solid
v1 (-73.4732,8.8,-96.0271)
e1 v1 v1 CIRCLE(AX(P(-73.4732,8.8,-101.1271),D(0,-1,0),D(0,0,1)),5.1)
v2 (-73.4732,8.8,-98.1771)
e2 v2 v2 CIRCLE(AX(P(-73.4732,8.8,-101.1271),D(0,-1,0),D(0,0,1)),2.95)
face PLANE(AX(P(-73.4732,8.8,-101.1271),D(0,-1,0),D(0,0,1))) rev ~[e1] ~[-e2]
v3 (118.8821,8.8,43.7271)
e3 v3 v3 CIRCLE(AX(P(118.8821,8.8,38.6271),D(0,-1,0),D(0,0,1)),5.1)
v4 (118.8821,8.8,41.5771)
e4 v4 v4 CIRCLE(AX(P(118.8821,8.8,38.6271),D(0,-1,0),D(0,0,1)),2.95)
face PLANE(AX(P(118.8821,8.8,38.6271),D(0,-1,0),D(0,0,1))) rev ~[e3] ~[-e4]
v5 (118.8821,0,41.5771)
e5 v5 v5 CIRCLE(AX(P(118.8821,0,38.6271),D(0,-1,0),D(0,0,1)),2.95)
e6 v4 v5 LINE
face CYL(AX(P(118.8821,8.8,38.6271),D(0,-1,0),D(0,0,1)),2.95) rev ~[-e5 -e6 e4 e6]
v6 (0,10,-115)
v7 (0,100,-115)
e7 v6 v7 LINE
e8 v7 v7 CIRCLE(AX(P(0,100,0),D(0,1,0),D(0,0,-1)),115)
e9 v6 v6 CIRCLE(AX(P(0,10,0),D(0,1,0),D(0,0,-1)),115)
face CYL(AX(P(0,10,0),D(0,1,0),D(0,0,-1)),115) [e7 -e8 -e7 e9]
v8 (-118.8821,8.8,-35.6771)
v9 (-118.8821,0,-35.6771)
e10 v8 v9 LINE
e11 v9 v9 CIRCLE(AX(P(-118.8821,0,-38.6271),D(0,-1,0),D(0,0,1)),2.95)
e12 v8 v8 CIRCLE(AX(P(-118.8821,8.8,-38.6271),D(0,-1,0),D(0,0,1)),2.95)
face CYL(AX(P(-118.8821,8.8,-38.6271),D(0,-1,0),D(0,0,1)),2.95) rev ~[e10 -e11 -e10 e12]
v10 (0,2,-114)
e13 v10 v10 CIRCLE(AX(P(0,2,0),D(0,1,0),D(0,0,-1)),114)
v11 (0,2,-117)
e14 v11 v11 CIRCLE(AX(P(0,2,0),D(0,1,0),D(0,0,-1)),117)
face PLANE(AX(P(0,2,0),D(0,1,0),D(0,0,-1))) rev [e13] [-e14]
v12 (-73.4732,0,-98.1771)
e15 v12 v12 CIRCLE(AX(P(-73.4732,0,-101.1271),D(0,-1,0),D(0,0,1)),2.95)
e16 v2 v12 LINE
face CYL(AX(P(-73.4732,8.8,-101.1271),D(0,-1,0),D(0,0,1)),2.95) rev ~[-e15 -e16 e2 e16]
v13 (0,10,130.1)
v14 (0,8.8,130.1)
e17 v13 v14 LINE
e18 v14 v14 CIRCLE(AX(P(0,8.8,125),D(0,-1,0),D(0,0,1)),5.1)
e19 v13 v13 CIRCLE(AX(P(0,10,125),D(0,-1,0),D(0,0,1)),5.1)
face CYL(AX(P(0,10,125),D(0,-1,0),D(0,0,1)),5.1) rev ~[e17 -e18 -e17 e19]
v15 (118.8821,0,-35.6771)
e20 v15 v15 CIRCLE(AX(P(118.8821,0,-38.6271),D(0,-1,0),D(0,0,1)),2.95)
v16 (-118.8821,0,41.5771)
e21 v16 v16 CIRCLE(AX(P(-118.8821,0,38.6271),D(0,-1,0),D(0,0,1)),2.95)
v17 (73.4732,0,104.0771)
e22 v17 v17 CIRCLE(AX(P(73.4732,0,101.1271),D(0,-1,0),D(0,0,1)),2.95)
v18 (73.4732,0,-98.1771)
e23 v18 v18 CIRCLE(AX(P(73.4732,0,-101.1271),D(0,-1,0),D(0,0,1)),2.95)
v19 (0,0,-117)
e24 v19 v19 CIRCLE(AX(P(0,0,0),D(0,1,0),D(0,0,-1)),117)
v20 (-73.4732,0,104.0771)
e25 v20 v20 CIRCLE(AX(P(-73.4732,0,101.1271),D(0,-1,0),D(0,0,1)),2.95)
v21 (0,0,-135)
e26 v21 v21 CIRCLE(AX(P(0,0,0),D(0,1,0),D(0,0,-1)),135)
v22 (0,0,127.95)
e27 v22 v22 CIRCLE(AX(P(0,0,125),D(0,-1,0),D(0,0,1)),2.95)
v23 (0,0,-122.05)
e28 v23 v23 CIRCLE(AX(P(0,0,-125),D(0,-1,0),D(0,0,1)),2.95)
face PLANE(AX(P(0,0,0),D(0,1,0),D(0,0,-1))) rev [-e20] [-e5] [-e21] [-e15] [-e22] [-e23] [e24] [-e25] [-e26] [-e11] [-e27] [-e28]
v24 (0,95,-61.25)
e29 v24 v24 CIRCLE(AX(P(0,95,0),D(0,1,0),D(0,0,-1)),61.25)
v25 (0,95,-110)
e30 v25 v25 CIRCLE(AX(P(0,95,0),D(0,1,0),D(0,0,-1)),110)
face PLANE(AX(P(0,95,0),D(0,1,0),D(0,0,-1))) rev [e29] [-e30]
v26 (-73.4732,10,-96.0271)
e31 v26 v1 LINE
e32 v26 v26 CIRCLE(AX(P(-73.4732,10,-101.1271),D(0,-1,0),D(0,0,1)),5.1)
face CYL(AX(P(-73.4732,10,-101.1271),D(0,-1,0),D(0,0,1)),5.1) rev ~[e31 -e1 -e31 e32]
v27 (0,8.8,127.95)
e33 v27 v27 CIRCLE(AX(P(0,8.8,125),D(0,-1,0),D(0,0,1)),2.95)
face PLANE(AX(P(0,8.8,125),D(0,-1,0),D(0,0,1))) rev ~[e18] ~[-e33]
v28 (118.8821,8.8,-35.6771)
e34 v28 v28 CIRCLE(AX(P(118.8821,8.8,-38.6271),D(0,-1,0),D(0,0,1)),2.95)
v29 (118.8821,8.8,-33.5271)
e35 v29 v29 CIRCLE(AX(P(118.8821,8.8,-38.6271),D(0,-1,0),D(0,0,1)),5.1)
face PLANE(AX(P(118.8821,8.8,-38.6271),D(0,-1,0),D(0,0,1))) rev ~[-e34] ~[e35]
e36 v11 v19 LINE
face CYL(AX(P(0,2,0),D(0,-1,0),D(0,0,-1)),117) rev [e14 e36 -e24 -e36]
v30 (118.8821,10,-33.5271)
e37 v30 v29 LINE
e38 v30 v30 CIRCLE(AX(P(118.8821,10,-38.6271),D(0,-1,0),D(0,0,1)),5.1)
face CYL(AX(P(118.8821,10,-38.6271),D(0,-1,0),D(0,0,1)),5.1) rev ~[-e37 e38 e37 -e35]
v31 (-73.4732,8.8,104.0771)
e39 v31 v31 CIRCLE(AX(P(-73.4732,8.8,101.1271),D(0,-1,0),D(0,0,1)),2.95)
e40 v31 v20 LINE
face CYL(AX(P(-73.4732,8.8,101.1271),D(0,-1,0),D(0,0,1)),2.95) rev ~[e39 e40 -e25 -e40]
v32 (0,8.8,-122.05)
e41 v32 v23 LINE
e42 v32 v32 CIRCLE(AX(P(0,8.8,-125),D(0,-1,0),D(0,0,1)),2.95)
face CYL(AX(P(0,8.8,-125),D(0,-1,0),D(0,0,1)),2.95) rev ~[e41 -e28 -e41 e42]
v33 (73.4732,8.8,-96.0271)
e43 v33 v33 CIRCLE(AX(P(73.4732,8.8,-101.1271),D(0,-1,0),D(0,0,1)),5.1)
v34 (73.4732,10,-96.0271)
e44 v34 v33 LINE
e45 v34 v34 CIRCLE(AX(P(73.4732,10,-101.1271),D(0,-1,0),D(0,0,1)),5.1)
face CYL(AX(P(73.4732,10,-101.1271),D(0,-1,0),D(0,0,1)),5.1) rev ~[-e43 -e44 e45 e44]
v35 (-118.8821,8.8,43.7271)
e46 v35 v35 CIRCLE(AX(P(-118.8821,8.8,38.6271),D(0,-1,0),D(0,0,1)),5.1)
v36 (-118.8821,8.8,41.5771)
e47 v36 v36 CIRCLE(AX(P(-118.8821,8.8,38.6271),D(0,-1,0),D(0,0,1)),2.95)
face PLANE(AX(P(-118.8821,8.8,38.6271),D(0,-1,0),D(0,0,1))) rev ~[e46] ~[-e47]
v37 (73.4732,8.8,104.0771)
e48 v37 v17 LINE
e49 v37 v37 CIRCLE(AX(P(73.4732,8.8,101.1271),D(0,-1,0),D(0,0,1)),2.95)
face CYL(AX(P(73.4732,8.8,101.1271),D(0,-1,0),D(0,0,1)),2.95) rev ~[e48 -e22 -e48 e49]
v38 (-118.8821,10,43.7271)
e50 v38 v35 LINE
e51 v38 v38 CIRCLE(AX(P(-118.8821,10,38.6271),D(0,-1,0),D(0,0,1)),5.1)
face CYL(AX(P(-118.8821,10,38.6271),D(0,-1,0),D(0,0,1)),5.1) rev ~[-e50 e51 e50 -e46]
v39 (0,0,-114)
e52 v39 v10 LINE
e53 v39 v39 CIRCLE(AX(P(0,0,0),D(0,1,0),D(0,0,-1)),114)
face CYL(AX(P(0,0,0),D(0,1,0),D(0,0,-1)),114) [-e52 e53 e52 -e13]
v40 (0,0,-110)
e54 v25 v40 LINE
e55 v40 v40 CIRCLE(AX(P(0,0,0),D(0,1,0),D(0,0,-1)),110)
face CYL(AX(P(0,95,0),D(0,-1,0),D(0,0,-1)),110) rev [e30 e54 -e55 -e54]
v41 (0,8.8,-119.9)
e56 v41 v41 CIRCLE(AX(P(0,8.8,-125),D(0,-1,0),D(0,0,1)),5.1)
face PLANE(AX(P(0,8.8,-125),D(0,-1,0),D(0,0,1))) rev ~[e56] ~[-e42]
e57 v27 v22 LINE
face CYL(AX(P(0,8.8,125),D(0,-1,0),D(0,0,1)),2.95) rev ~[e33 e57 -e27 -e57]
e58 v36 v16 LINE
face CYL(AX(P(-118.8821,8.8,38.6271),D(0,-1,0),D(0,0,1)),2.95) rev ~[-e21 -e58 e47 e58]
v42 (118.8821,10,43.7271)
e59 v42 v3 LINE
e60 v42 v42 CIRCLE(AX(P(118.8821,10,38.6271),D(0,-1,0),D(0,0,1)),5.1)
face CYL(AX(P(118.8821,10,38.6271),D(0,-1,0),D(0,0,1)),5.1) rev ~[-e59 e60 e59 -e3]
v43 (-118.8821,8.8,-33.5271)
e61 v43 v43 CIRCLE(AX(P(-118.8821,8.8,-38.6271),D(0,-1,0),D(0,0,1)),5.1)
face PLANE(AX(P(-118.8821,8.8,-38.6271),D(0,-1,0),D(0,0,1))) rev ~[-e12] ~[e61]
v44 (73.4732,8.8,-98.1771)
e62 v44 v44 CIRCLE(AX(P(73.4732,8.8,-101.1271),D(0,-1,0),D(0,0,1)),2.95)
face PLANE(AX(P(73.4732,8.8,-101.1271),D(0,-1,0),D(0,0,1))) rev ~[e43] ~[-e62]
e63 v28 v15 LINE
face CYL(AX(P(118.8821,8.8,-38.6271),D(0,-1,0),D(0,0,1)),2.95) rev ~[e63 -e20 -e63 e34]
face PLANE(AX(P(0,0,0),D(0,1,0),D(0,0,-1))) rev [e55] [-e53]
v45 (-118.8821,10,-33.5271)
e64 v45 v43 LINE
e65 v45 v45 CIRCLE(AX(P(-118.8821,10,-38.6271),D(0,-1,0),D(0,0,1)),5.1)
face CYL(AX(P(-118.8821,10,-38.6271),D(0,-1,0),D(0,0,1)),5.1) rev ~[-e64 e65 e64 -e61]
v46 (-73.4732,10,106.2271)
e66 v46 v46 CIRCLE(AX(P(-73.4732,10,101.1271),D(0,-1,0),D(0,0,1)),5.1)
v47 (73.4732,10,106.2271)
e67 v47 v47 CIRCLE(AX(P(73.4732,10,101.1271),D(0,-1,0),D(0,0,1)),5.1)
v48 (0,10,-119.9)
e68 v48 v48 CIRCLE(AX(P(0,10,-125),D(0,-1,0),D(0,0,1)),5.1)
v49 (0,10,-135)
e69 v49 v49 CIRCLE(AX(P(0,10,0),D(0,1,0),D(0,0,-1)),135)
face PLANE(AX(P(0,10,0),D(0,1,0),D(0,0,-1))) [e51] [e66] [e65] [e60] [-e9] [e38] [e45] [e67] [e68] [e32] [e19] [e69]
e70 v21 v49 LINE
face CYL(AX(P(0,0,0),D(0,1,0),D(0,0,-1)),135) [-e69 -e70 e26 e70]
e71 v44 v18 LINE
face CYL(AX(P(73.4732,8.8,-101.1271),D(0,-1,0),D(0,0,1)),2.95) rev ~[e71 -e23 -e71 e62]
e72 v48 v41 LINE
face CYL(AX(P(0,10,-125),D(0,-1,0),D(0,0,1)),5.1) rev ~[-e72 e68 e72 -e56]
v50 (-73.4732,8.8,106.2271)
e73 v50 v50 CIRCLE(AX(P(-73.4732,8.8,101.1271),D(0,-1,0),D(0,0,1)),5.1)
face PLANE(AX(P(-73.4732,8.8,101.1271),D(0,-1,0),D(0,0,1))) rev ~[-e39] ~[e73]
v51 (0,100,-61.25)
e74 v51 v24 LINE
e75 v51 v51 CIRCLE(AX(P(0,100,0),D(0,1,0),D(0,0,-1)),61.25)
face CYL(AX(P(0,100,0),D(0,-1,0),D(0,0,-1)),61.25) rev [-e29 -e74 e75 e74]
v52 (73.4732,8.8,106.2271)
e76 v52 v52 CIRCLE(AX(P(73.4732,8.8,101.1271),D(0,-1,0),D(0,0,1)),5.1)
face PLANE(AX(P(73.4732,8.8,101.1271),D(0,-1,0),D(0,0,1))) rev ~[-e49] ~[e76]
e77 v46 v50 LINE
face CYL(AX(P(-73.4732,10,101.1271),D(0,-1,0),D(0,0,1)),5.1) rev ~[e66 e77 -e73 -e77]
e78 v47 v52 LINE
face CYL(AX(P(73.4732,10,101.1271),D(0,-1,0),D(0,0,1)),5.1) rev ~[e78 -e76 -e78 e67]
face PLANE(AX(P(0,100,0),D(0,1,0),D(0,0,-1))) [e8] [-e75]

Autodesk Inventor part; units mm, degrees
ref_plane "YZ Plane" through (0, 0, 0) normal (1, 0, 0) x (0, 1, 0)
ref_plane "XZ Plane" through (0, 0, 0) normal (0, 1, 0) x (-1, 0, 0)
ref_plane "XY Plane" through (0, 0, 0) normal (0, 0, 1) x (1, 0, 0)
sketch "Sketch1" plane through (0, 0, 0) normal (1, 0, 0) x (0, 1, 0)
  line L0 (0, 0) -> (120, 0)
  line L1 (100, -61.25) -> (95, -61.25)
  line L2 (95, -61.25) -> (95, -110)
  line L3 (95, -110) -> (0, -110)
  line L4 (0, -110) -> (0, -135)
  line L5 (0, -135) -> (10, -135)
  line L6 (10, -135) -> (10, -115)
  line L7 (10, -115) -> (100, -115)
  line L8 (100, -115) -> (100, -61.25)
  line L9 (0, -114) -> (2, -114)
  line L10 (2, -114) -> (2, -117)
  line L11 (2, -117) -> (0, -117)
  line L12 (0, -117) -> (0, -114)
  dimension "d1" = 270
  dimension "d2" = 220
  dimension "d3" = 230
  dimension "d4" = 122.5
  dimension "d5" = 10
  dimension "d6" = 5
  dimension "d7" = 100
  dimension "d21" = 228
  dimension "d22" = 3
  dimension "d24" = 2
revolve "Revolution1" add sketch "Sketch1" angle 360 about axis through (0, 0, 0) along (0, 1, 0) contours L8 L7 L6 L5 L4 L11 L10 L9 L3 L2 L1
sketch "Sketch2" plane through (0, 10, 0) normal (0, 1, 0) x (1, 0, 0)
  point P0 (0, 0)
  point P1 (0, 125)
  point P2 (-73.4732, 101.1271)
  point P3 (-118.8821, 38.6271)
  point P4 (-118.8821, -38.6271)
  point P5 (-73.4732, -101.1271)
  point P6 (0, -125)
  point P7 (73.4732, -101.1271)
  point P8 (118.8821, -38.6271)
  point P9 (118.8821, 38.6271)
  point P10 (73.4732, 101.1271)
  dimension "d9" = 125
  dimension "d12" = 360
hole "Hole1" at (0, 10, -125) at (-73.4732, 10, -101.1271) at (-118.8821, 10, -38.6271) at (-118.8821, 10, 38.6271) at (-73.4732, 10, 101.1271) at (0, 10, 125) at (73.4732, 10, 101.1271) at (118.8821, 10, 38.6271) at (118.8821, 10, -38.6271) at (73.4732, 10, -101.1271) direction (0, -1, 0) diameter 5.9 end through all counterbore diameter 10.2 counterbore depth 1.2
properties part number "Vibrometer Housing"
